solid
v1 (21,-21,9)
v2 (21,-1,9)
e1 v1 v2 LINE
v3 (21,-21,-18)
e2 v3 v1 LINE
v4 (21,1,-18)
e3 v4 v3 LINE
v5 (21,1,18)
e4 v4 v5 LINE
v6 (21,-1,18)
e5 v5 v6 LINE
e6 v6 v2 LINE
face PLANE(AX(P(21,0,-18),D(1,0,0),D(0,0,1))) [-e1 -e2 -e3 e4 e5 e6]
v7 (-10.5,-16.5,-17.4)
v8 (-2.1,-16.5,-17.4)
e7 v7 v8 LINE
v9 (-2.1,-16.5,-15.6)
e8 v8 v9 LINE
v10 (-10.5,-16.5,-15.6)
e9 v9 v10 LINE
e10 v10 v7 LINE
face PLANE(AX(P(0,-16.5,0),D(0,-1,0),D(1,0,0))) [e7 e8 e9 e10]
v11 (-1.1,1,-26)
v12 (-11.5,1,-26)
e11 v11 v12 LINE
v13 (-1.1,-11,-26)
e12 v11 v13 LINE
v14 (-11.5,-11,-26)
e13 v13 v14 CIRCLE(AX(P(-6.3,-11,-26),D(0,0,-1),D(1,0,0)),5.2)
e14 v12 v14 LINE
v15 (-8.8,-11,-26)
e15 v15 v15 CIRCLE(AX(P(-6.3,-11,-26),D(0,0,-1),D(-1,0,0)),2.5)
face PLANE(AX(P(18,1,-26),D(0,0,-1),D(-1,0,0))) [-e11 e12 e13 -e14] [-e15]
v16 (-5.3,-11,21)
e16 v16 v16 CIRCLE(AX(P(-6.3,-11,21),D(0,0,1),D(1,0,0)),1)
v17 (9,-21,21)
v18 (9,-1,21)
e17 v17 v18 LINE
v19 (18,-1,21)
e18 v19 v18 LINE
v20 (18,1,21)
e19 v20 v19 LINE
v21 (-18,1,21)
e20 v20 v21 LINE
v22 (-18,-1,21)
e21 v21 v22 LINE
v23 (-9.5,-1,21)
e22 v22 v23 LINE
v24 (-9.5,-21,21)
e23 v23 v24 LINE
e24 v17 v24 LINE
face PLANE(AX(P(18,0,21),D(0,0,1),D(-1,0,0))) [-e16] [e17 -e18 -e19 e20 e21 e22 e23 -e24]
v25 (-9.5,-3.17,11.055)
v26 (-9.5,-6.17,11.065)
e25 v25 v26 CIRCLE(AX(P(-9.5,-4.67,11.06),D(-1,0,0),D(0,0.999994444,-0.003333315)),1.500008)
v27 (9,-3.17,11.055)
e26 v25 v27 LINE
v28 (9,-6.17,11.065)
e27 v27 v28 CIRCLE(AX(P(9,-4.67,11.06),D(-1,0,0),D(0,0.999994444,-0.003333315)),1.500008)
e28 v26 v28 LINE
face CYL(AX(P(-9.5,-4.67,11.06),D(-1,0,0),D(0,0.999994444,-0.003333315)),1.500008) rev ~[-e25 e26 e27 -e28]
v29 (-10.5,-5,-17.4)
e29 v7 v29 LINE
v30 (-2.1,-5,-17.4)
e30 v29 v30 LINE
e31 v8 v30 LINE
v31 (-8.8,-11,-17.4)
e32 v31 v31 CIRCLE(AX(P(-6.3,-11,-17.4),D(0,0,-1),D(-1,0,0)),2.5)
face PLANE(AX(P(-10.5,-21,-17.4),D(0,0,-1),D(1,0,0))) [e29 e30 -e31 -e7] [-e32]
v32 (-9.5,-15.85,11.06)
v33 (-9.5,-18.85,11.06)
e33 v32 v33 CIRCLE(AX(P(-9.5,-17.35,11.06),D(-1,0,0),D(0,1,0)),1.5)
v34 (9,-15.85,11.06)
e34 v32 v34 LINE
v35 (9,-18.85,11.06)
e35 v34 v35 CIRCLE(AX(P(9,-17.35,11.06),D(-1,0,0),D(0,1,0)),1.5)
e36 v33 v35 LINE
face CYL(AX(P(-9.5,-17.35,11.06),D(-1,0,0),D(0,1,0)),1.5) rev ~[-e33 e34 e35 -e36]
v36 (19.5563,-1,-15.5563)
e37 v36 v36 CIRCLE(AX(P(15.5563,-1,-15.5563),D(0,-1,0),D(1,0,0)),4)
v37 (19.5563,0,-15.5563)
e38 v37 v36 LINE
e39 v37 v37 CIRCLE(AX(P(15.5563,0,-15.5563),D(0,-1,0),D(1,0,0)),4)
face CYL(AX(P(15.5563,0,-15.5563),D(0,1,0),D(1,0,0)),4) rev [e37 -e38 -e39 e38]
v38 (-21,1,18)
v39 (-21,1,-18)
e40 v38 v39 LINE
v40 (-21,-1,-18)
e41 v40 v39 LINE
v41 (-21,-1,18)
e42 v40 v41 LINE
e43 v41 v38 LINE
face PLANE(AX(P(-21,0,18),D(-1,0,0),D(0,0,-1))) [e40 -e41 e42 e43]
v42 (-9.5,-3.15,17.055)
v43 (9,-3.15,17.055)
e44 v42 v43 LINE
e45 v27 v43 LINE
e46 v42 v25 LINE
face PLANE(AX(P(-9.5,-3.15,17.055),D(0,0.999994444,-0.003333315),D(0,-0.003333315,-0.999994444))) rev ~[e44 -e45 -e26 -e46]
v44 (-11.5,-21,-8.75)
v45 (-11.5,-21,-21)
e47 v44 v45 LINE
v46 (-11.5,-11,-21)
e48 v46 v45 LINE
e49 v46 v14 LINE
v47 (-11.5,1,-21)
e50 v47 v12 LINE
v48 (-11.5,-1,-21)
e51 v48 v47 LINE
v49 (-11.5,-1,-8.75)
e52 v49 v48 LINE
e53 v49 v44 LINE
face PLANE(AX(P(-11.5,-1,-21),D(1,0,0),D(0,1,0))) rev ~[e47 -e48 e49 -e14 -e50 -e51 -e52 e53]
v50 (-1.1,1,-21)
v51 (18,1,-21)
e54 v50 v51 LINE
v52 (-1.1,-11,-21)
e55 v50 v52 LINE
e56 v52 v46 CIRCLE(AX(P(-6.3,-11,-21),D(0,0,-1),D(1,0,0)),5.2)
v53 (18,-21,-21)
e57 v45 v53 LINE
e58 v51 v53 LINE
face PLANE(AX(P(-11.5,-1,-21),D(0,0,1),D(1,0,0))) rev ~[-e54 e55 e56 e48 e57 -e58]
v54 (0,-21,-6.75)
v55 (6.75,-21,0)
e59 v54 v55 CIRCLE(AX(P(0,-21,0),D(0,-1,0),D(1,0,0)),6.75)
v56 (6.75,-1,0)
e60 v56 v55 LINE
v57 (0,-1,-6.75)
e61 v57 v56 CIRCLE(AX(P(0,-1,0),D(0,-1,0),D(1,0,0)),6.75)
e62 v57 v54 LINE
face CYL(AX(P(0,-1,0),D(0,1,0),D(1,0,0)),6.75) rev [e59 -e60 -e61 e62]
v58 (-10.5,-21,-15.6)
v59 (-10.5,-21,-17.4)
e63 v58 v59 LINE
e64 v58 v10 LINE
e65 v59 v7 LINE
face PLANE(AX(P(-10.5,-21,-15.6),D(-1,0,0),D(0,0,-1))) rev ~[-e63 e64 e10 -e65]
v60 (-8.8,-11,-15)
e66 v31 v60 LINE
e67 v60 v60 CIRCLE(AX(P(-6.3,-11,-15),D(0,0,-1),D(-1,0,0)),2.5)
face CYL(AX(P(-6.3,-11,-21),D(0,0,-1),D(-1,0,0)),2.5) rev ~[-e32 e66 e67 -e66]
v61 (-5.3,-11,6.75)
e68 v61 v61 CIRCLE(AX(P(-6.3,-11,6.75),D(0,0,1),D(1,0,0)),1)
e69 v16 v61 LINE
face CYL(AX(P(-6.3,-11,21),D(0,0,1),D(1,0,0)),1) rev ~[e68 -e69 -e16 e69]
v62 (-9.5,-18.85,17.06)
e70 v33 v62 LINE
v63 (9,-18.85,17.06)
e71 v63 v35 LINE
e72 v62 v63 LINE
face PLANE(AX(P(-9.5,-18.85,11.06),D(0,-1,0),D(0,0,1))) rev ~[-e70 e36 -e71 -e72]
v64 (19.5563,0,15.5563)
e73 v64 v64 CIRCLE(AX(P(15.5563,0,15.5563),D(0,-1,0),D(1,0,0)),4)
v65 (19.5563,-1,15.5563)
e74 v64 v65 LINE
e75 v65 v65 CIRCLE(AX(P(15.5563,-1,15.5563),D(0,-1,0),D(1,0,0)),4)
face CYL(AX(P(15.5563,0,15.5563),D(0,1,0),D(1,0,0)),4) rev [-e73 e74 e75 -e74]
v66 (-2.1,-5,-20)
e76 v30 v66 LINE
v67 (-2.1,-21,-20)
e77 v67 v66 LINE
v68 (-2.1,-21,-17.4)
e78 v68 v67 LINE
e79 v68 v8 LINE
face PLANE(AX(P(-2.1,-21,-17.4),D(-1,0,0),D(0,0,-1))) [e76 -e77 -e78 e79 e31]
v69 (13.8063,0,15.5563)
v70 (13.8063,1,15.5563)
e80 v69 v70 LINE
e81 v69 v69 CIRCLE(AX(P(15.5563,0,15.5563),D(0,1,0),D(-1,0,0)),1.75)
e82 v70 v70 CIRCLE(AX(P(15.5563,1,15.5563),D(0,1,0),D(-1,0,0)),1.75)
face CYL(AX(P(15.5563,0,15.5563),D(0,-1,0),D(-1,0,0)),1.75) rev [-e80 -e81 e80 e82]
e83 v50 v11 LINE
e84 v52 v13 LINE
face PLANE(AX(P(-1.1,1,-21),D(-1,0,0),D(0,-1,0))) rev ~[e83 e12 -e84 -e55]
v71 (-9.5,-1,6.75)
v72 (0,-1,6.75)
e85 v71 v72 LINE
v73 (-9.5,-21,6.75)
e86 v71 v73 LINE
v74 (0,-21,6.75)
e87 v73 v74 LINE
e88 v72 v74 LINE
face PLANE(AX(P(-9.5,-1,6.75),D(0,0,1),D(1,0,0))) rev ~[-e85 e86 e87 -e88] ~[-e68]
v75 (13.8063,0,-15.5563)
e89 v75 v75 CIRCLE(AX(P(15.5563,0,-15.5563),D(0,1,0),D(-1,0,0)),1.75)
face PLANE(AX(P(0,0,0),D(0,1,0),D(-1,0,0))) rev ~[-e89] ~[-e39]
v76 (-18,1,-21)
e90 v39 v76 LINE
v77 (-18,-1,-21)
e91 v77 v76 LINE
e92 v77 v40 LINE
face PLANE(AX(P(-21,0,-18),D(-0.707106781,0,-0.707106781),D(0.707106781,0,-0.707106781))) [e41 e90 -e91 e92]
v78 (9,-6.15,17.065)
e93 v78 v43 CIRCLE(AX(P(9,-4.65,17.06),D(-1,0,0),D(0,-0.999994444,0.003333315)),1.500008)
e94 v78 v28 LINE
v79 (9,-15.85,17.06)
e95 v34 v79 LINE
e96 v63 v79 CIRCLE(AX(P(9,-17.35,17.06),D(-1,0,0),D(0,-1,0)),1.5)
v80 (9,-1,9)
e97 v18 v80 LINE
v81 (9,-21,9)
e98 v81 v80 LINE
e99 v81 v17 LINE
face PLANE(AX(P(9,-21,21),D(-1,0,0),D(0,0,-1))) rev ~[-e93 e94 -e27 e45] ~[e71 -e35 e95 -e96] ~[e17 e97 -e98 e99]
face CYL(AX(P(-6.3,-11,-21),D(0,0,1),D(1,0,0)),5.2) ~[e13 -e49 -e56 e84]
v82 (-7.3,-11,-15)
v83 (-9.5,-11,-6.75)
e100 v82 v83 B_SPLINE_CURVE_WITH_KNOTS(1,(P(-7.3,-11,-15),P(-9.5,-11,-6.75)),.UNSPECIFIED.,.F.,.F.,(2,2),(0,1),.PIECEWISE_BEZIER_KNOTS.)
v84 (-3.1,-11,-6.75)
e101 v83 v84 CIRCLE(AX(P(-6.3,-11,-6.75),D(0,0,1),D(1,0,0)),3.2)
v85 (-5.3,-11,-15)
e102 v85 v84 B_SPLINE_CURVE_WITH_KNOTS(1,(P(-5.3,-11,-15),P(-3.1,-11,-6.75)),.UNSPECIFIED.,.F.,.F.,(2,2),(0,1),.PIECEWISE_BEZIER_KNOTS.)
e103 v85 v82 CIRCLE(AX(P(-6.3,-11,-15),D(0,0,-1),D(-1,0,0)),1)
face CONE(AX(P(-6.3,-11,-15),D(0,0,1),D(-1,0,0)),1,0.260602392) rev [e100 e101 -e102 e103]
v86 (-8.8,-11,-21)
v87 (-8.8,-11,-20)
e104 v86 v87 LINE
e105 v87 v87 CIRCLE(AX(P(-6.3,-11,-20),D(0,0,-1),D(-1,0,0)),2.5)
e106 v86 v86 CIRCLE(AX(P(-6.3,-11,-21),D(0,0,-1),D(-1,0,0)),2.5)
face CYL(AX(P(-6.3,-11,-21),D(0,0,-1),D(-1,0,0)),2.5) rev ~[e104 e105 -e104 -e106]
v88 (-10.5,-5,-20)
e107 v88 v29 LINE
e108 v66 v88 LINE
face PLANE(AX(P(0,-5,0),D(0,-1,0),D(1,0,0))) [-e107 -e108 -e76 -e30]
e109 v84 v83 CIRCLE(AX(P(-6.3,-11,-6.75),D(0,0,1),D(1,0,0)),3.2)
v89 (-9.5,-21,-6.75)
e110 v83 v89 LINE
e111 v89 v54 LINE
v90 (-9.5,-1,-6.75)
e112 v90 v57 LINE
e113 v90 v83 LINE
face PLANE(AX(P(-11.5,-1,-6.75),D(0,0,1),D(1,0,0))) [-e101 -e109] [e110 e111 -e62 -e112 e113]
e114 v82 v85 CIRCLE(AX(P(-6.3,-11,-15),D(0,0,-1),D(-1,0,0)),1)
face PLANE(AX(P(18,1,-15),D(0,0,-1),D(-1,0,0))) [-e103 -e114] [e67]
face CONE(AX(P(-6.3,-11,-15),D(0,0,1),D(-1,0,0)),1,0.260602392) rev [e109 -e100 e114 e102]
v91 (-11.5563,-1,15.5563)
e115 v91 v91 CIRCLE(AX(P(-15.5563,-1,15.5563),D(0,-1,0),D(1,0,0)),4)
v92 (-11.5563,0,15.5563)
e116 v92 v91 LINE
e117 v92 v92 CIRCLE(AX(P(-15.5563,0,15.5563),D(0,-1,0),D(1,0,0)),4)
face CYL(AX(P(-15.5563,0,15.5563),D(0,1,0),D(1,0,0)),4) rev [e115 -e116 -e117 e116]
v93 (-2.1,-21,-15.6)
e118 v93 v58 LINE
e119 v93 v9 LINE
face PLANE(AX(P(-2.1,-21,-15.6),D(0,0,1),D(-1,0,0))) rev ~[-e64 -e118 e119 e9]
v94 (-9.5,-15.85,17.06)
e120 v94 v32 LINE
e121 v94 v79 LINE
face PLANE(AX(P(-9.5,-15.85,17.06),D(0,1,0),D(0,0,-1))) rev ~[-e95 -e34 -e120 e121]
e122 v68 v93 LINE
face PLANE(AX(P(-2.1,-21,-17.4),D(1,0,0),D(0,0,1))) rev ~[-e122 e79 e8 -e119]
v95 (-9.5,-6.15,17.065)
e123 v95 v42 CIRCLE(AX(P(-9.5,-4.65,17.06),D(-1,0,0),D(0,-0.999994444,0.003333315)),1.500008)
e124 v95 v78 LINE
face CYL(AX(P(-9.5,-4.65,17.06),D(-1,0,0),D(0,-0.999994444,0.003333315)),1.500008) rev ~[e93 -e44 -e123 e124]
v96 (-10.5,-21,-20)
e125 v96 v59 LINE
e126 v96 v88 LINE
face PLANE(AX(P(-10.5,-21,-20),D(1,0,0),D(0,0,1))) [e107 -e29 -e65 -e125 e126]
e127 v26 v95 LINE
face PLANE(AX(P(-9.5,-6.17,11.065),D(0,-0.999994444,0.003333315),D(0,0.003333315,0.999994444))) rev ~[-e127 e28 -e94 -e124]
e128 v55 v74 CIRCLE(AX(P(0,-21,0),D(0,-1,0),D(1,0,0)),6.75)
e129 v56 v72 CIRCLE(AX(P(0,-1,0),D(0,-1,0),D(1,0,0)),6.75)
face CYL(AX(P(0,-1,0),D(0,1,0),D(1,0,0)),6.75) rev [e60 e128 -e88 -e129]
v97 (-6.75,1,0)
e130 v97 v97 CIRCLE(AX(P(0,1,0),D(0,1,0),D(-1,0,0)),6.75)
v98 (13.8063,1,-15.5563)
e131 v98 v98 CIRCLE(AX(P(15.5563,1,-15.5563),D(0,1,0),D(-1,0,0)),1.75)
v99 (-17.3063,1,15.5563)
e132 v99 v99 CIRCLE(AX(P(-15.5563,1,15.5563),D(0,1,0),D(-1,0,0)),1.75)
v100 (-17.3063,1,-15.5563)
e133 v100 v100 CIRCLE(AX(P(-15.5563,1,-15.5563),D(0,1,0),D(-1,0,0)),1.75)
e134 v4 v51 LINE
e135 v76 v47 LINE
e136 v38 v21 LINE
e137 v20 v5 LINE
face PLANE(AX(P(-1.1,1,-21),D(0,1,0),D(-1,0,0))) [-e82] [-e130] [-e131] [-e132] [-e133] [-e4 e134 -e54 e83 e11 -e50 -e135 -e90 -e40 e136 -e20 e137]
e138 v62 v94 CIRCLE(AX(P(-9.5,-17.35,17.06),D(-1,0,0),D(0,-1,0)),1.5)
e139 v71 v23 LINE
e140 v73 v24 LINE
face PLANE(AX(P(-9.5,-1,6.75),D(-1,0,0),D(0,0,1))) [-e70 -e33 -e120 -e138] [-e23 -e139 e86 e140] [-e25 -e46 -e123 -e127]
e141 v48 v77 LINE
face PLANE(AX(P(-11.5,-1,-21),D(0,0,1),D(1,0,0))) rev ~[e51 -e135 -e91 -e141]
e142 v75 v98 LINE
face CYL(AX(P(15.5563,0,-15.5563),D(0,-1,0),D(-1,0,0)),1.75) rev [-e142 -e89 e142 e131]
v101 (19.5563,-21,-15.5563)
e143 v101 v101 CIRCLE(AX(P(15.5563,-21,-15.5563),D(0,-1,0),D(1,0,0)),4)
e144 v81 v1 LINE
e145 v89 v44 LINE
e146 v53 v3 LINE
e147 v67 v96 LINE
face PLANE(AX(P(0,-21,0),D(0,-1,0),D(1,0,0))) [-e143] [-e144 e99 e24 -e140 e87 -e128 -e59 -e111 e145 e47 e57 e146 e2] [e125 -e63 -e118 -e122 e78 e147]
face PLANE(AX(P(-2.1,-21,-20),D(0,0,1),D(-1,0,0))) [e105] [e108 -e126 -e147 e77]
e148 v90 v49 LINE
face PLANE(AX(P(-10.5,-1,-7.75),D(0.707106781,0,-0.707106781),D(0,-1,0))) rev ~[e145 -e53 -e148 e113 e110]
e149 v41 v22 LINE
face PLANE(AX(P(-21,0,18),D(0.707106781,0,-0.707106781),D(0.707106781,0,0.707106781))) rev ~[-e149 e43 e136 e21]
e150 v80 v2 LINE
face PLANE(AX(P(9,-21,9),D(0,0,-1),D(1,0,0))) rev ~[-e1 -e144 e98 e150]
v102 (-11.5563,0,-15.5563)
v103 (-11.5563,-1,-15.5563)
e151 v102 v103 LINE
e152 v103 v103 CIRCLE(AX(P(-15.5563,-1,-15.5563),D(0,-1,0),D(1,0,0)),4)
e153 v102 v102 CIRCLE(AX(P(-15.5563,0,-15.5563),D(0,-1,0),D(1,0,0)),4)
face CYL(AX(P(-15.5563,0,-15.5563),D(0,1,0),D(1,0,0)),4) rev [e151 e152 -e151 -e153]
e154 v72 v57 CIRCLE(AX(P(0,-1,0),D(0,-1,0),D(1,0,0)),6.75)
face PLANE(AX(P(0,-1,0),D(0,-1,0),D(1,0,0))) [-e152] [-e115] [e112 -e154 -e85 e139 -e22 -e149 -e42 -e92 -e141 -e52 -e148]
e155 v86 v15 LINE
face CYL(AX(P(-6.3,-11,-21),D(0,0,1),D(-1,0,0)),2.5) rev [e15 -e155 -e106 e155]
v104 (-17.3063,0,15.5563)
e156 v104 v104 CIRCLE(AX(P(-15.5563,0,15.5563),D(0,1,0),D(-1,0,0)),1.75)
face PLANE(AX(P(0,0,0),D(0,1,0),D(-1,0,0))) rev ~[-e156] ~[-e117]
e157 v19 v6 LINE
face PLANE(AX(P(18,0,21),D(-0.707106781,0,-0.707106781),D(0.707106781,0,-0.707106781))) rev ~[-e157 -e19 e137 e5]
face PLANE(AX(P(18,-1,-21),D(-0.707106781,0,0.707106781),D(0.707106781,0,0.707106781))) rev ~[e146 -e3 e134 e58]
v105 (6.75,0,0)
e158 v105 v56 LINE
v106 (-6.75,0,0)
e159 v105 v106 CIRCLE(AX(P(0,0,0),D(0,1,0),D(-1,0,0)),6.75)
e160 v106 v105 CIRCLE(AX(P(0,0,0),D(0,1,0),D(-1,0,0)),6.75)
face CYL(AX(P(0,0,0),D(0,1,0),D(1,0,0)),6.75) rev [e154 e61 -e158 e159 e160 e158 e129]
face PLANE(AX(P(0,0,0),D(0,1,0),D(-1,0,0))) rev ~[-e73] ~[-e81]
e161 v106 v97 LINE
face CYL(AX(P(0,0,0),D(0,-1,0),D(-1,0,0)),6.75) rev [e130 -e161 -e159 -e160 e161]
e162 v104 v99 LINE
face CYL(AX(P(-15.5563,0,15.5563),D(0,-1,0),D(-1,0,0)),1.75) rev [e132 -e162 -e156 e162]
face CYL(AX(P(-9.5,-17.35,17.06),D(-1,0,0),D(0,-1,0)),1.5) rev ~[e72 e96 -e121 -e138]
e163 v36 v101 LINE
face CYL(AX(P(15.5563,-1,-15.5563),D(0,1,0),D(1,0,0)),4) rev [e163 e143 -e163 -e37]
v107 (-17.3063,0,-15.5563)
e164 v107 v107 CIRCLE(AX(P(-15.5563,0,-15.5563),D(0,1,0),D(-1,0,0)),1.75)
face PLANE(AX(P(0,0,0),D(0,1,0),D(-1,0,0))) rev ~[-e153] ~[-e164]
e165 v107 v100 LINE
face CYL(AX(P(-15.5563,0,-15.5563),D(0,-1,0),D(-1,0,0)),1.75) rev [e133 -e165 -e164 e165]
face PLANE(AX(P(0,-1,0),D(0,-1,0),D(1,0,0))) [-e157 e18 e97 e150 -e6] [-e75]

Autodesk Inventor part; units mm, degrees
ref_plane "YZ Plane" through (0, 0, 0) normal (1, 0, 0) x (0, 1, 0)
ref_plane "XZ Plane" through (0, 0, 0) normal (0, 1, 0) x (-1, 0, 0)
ref_plane "XY Plane" through (0, 0, 0) normal (0, 0, 1) x (1, 0, 0)
sketch "Sketch1" plane through (0, 0, 0) normal (0, 1, 0) x (-1, 0, 0)
  line L0 (18, -21) -> (-18, -21)
  line L1 (-21, -18) -> (-21, 18)
  line L2 (-18, 21) -> (18, 21)
  line L3 (21, 18) -> (21, -18)
  line L4 (21, -21) -> (-21, 21) construction
  line L5 (-21, -21) -> (21, 21) construction
  line L6 (21, 18) -> (18, 21)
  line L7 (-21, -18) -> (-18, -21)
  line L8 (-18, 21) -> (-21, 18)
  line L9 (21, -18) -> (18, -21)
  line L10 (19.5, 19.5) -> (15.0999, 15.0999) construction
  circle A0 centre (15.5563, 15.5563) radius 1.75
  circle A1 centre (-15.5563, 15.5563) radius 1.75
  circle A2 centre (-15.5563, -15.5563) radius 1.75
  circle A3 centre (15.5563, -15.5563) radius 1.75
  circle A4 centre (0, 0) radius 6.75
  line L11 (-15.5563, 15.5563) -> (15.5563, -15.5563) construction
  dimension "d0" = 42
  dimension "d1" = 42
  dimension "d2" = 3
  dimension "d3" = 3
  dimension "d4" = 3
  dimension "d5" = 3
  dimension "d6" = 3
  dimension "d7" = 3
  dimension "d8" = 3
  dimension "d9" = 3
  dimension "d11" = 3.5
  dimension "d14" = 360
  dimension "d16" = 13.5
  dimension "d20" = 22
extrude "Extrusion1" add sketch "Sketch1" along normal blind 1
sketch "Sketch3" plane through (0, 0, 0) normal (0, -1, 0) x (1, 0, 0)
  circle A0 centre (0, 0) radius 6.75 projected
  circle A1 centre (-15.5563, 15.5563) radius 1.75 projected
  line L0 (-21, 18) -> (-18, 21) projected
  line L1 (-21, -18) -> (-21, 18) projected
  line L2 (-18, -21) -> (-21, -18) projected
  line L3 (18, -21) -> (-18, -21) projected
  line L4 (21, -18) -> (18, -21) projected
  line L5 (21, 18) -> (21, -18) projected
  line L6 (18, 21) -> (21, 18) projected
  line L7 (-18, 21) -> (18, 21) projected
  circle A2 centre (-15.5563, 15.5563) radius 4
  circle A3 centre (-15.5563, -15.5563) radius 4
  circle A4 centre (15.5563, -15.5563) radius 4
  circle A5 centre (15.5563, 15.5563) radius 4
  dimension "d28" = 8
  dimension "d31" = 360
extrude "Extrusion3" add sketch "Sketch3" along normal blind 1 contours L0 L7 L6 L5 L4 L3 L2 L1
sketch "Sketch4" plane through (0, -1, 0) normal (0, -1, 0) x (1, 0, 0)
  circle A0 centre (0, 0) radius 6.75
  circle A1 centre (15.5563, 15.5563) radius 4 projected
  circle A2 centre (15.5563, -15.5563) radius 4 projected
  line L0 (-18, -21) -> (18, -21) projected
  line L1 (18, -21) -> (21, -18) projected
  line L2 (21, -18) -> (21, 18) projected
  line L3 (21, 18) -> (18, 21) projected
  line L4 (18, 21) -> (-18, 21) projected
  line L5 (-9.5, 6.75) -> (-9.5, 21)
  line L6 (-11.5, -6.75) -> (-11.5, -21)
  line L7 (-11.5, -6.75) -> (0, -6.75)
  line L8 (-9.5, 6.75) -> (0, 6.75)
  line L9 (0, 0) -> (0, 21) construction
  line L10 (0, 0) -> (0, -21) construction
  line L11 (0, 0) -> (21, 0) construction
  line L12 (21, 18) -> (21, -18) construction
  line L13 (0, 0) -> (-21, 0) construction
  line L14 (-21, -18) -> (-21, 18) construction
  circle A3 centre (0, 0) radius 6.75 construction
  dimension "d39" = 32.5
  dimension "d40" = 30.5
  dimension "d103" = 13.5
extrude "Extrusion4" add sketch "Sketch4" along normal blind 20 contours A0 L8 L5 L4 L3 L2 L1 L0 L6 L7
chamfer "Chamfer1" distance 2 angle 45 1 edges at (-11.5, -11, -6.75)
sketch "Sketch5" plane through (-18, 1, 21) normal (0, 0, 1) x (1, 0, 0)
  line L0 (0, 0) -> (36, 0) projected
  circle A0 centre (11.7, -12) radius 1
  line L1 (6.5, -2) -> (6.5, -22) projected
  point P0 (18, -1)
  dimension "d46" = 2
  dimension "d47" = 12
  dimension "d108" = 5.2
extrude "Extrusion5" cut sketch "Sketch5" against normal blind 20
sketch "Sketch6" plane through (18, 1, -21) normal (0, 0, -1) x (-1, 0, 0)
  line L0 (0, 0) -> (36, 0) projected
  circle A0 centre (24.3, -12) radius 2.5
  line L1 (29.5, -2) -> (29.5, -22) projected
  line L2 (29.5, -22) -> (0, -22) projected
  point P0 (18, -1)
  dimension "d51" = 5
  dimension "d52" = 12
  dimension "d72" = 10
  dimension "d107" = 5.2
extrude "Extrusion6" cut sketch "Sketch6" against normal blind 6
sketch "Sketch7" plane through (0, -21, -6.75) normal (0, 0, 1) x (1, 0, 0)
  line L0 (-9.5, 0) -> (-9.5, 20) projected
  circle A0 centre (-6.3, 10) radius 3.2
  line L1 (-18, 22) -> (18, 22) projected
  line L2 (-11.5, 20) -> (-11.5, 0) projected
  point P0 (0, 21)
  dimension "d57" = 12
  dimension "d109" = 5.2
sketch "Sketch8" plane through (-6.3, -11, -15) normal (0, 0, -1) x (-1, 0, 0)
  circle A0 centre (0, 0) radius 2.5
  circle A1 centre (0, 0) radius 1
  line L0 (5.2, 10) -> (5.2, -10) projected
  line L1 (-6.3, 10) -> (3.2, 10) projected
  point P0 (-6.3, 11)
  dimension "d56" = 2
  dimension "d104" = 5.2
  dimension "d105" = 10
  dimension "d106" = 5
loft "Loft1" cut profiles "Sketch8", "Sketch7" contours A1 / all
sketch "Sketch9" plane through (0, -21, 0) normal (0, -1, 0) x (1, 0, 0)
  line L0 (-11.5, -8.75) -> (-11.5, -21) projected
  line L1 (-11.5, -21) -> (18, -21) projected
  line L2 (-10.5, -17.4) -> (-2.1, -17.4)
  line L3 (-2.1, -17.4) -> (-2.1, -20)
  line L4 (-2.1, -20) -> (-10.5, -20)
  line L5 (-10.5, -20) -> (-10.5, -17.4)
  dimension "d73" = 8.4
  dimension "d74" = 2.6
  dimension "d75" = 1
  dimension "d76" = 1
extrude "Extrusion8" cut sketch "Sketch9" against normal blind 16
sketch "Sketch12" plane through (0, -21, 0) normal (0, -1, 0) x (1, 0, 0)
  line L0 (-10.5, -17.4) -> (-2.1, -17.4)
  line L1 (-2.1, -17.4) -> (-2.1, -15.6)
  line L2 (-2.1, -15.6) -> (-10.5, -15.6)
  line L3 (-10.5, -15.6) -> (-10.5, -17.4)
  line L4 (-2.1, -20) -> (-10.5, -20) projected
  dimension "d79" = 1.8
extrude "Extrusion9" cut sketch "Sketch12" against normal blind 4.5
sketch "Sketch21" plane through (18, 1, -21) normal (0, 0, -1) x (-1, 0, 0)
  circle A0 centre (24.3, -12) radius 2.5 projected
  line L0 (0, 0) -> (36, 0) projected
  line L1 (29.5, -2) -> (29.5, -22) projected
  line L2 (29.5, -12) -> (29.5, 0)
  line L3 (29.5, 0) -> (19.1, 0)
  line L4 (19.1, 0) -> (19.1, -12)
  arc A1 (19.1, -12) -> (29.5, -12) centre (24.3, -12) ccw
  point P0 (29.5, -23)
  point P1 (18, -1)
extrude "Extrusion14" add sketch "Sketch21" along normal blind 5
sketch "Sketch23" plane through (-9.5, -1, 6.75) normal (-1, 0, 0) x (0, 0, 1)
  arc A0 (10.315, -5.15) -> (10.305, -2.15) centre (10.31, -3.65) ccw
  line L0 (14.25, 0) -> (14.25, -20) projected
  arc A1 (4.305, -2.17) -> (4.315, -5.17) centre (4.31, -3.67) ccw
  line L1 (11.25, 0) -> (-24.75, 0) projected
  line L2 (10.305, -2.15) -> (4.305, -2.17)
  line L3 (4.315, -5.17) -> (10.315, -5.15)
  arc A2 (10.31, -17.85) -> (10.31, -14.85) centre (10.31, -16.35) ccw
  arc A3 (4.31, -14.85) -> (4.31, -17.85) centre (4.31, -16.35) ccw
  line L4 (14.25, -20) -> (0, -20) projected
  line L5 (10.31, -14.85) -> (4.31, -14.85)
  line L6 (4.31, -17.85) -> (10.31, -17.85)
  point P0 (-6.75, 1)
  dimension "d110" = 3
  dimension "d111" = 3.94
  dimension "d112" = 3
  dimension "d113" = 9.94
  dimension "d114" = 3.65
  dimension "d115" = 3.67
  dimension "d116" = 3
  dimension "d117" = 3
  dimension "d118" = 3.94
  dimension "d119" = 9.94
  dimension "d120" = 3.65
  dimension "d121" = 3.65
extrude "Extrusion15" cut sketch "Sketch23" against normal blind 30.5
sketch "Sketch24" plane through (0, -21, 0) normal (0, -1, 0) x (1, 0, 0)
  line L0 (9, 21) -> (9, 9)
  line L1 (-9.5, 11.06) -> (21, 11.06) projected
  line L2 (9, 9) -> (21, 9)
  line L3 (21, -18) -> (21, 18) projected
  line L4 (18, 21) -> (-9.5, 21) projected
  line L5 (9, 21) -> (18, 21)
  line L6 (21, 18) -> (21, 9)
  line L7 (18, 21) -> (21, 18)
  line L8 (21, 18) -> (18, 21) projected
  point P0 (0, 0)
  dimension "d124" = 12
  dimension "d125" = 12
extrude "Extrusion16" cut sketch "Sketch24" against normal blind 20
equation "\"d3\" = d2"
equation "\"d5\" = d4"
equation "\"d7\" = d6"
equation "\"d9\" = d8"
